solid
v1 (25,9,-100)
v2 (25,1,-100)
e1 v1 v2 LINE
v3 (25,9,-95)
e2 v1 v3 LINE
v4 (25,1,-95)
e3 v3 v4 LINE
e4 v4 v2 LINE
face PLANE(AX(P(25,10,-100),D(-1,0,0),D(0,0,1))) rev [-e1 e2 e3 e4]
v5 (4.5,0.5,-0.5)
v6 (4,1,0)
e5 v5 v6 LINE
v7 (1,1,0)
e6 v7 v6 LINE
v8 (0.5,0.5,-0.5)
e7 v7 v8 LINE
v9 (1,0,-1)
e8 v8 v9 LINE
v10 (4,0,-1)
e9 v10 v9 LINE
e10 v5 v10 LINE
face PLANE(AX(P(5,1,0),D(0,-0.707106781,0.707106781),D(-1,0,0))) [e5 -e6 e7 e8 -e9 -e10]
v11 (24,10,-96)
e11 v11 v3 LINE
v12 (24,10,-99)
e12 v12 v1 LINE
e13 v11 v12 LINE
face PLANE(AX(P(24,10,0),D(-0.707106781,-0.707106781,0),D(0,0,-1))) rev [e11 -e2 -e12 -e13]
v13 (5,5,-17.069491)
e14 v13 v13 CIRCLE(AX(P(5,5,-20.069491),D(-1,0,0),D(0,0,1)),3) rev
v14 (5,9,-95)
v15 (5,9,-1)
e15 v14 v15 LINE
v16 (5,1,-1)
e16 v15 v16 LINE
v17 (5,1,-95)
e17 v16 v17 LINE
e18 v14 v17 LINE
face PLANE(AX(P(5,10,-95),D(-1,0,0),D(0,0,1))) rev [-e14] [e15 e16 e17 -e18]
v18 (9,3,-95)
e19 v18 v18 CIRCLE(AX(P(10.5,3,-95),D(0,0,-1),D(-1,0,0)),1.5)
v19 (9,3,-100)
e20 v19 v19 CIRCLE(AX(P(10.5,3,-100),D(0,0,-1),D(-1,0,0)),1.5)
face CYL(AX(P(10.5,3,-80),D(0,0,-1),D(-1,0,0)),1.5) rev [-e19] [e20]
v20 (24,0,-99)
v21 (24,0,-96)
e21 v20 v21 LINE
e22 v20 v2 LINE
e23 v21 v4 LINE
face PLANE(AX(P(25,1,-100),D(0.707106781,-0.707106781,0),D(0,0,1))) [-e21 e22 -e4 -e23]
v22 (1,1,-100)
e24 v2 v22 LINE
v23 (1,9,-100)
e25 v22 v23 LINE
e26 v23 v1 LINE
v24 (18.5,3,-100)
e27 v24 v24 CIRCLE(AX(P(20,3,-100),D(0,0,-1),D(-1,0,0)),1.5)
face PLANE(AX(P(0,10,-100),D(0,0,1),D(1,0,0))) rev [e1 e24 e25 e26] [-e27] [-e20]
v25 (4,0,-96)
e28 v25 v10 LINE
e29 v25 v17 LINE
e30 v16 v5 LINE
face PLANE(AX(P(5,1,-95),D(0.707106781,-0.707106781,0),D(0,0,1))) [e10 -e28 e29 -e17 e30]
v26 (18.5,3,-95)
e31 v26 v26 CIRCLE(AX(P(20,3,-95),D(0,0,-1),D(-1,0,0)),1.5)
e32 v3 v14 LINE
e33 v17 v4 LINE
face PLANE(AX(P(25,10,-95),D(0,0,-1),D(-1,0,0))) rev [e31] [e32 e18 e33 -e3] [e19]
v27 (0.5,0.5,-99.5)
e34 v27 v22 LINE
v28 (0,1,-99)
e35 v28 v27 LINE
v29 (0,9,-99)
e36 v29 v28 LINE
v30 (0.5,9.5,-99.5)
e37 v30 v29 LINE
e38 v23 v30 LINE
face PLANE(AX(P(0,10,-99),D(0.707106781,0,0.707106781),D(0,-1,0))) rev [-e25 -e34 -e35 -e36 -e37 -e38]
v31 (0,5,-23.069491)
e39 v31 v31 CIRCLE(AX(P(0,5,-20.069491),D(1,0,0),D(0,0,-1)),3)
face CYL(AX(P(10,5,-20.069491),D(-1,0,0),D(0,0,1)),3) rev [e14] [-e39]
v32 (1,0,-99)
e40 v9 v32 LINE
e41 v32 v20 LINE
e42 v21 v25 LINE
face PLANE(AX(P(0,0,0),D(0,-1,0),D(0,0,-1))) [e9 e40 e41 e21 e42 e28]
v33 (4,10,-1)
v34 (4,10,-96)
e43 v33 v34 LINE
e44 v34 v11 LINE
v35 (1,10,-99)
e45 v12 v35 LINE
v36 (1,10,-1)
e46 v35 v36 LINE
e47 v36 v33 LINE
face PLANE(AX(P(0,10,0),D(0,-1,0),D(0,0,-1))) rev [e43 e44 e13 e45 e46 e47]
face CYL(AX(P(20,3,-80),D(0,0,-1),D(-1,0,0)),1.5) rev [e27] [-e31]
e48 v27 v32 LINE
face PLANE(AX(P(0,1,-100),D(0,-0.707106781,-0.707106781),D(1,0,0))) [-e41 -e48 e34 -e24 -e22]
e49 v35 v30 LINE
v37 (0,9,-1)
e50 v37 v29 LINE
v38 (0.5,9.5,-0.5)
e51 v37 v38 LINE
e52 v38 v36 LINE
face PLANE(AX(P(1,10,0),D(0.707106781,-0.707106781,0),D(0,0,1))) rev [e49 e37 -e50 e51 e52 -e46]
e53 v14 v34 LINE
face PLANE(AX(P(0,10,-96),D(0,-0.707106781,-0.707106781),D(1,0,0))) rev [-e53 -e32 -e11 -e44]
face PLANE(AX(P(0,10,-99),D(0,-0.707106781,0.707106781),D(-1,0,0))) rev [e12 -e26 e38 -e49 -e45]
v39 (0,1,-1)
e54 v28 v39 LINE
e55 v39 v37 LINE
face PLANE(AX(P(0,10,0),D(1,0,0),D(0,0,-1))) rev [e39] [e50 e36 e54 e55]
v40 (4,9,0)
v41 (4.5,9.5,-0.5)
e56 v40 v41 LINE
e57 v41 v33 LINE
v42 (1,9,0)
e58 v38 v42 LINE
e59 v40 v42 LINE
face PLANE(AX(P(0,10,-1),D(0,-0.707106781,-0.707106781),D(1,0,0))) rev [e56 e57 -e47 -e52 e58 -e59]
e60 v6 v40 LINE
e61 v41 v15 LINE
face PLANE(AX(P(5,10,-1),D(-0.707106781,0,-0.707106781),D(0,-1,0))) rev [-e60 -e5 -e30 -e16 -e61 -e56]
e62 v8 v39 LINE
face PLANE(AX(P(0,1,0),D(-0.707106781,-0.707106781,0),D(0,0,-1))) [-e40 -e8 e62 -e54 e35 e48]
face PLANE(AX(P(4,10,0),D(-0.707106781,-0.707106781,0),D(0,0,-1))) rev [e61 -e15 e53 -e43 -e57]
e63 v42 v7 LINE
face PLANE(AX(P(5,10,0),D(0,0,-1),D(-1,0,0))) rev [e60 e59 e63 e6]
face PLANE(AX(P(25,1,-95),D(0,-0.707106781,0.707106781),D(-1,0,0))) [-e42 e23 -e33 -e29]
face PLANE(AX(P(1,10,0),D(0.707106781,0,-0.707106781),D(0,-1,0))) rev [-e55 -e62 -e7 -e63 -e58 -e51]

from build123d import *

# Parameters (mm, degrees)
BOSS_EXTRUDE1_DEPTH = 10
SKETCH2_R           = 3
CUT_EXTRUDE1_DEPTH  = 10
SKETCH3_R           = 1.5
CUT_EXTRUDE2_DEPTH  = 20
CHAMFER1_SIZE       = 1
CHAMFER2_SIZE       = 1
CHAMFER3_SIZE       = 1
CHAMFER4_SIZE       = 1


with BuildPart() as part:
    # Sketch1 → Boss-Extrude1 (new body)
    with BuildSketch(Plane(origin=(0, 0, 0), x_dir=(1, 0, 0), z_dir=(0, 1, 0))):
        Polygon((0, 0), (0, 100), (25, 100), (25, 95), (5, 95), (5, 0), align=None)
    extrude(amount=BOSS_EXTRUDE1_DEPTH)

    # Sketch2 → Cut-Extrude1 (cut)
    with BuildSketch(Plane(origin=(0, 0, 0), x_dir=(0, 0, -1), z_dir=(1, 0, 0))):
        with Locations((20.069491085, 5)):
            Circle(SKETCH2_R)
    extrude(amount=CUT_EXTRUDE1_DEPTH, mode=Mode.SUBTRACT)

    # Sketch3 → Cut-Extrude2 (cut)
    with BuildSketch(Plane(origin=(0, 0, -100), x_dir=(-1, 0, 0), z_dir=(0, 0, -1))):
        with Locations((-20, 3)):
            Circle(SKETCH3_R)
        with Locations((-10.5, 3)):
            Circle(SKETCH3_R)
    extrude(amount=-CUT_EXTRUDE2_DEPTH, mode=Mode.SUBTRACT)

    # Chamfer1
    chamfer1_edges = [part.edges().sort_by_distance(p)[0] for p in [
        (15, 10, -95),
        (25, 10, -97.5),
        (12.5, 10, -100),
        (0, 10, -50),
        (2.5, 10, 0),
        (5, 10, -47.5),
    ]]
    chamfer(chamfer1_edges, length=CHAMFER1_SIZE)

    # Chamfer2
    chamfer2_edges = [part.edges().sort_by_distance(p)[0] for p in [
        (0, 0, -50),
        (12.5, 0, -100),
        (25, 0, -97.5),
        (15, 0, -95),
        (5, 0, -47.5),
        (2.5, 0, 0),
    ]]
    chamfer(chamfer2_edges, length=CHAMFER2_SIZE)

    # Chamfer3
    chamfer3_edges = [part.edges().sort_by_distance(p)[0] for p in [
        (0, 5, -100),
    ]]
    chamfer(chamfer3_edges, length=CHAMFER3_SIZE)

    # Chamfer4
    chamfer4_edges = [part.edges().sort_by_distance(p)[0] for p in [
        (0, 5, 0),
        (5, 5, 0),
    ]]
    chamfer(chamfer4_edges, length=CHAMFER4_SIZE)


solid = part.part
